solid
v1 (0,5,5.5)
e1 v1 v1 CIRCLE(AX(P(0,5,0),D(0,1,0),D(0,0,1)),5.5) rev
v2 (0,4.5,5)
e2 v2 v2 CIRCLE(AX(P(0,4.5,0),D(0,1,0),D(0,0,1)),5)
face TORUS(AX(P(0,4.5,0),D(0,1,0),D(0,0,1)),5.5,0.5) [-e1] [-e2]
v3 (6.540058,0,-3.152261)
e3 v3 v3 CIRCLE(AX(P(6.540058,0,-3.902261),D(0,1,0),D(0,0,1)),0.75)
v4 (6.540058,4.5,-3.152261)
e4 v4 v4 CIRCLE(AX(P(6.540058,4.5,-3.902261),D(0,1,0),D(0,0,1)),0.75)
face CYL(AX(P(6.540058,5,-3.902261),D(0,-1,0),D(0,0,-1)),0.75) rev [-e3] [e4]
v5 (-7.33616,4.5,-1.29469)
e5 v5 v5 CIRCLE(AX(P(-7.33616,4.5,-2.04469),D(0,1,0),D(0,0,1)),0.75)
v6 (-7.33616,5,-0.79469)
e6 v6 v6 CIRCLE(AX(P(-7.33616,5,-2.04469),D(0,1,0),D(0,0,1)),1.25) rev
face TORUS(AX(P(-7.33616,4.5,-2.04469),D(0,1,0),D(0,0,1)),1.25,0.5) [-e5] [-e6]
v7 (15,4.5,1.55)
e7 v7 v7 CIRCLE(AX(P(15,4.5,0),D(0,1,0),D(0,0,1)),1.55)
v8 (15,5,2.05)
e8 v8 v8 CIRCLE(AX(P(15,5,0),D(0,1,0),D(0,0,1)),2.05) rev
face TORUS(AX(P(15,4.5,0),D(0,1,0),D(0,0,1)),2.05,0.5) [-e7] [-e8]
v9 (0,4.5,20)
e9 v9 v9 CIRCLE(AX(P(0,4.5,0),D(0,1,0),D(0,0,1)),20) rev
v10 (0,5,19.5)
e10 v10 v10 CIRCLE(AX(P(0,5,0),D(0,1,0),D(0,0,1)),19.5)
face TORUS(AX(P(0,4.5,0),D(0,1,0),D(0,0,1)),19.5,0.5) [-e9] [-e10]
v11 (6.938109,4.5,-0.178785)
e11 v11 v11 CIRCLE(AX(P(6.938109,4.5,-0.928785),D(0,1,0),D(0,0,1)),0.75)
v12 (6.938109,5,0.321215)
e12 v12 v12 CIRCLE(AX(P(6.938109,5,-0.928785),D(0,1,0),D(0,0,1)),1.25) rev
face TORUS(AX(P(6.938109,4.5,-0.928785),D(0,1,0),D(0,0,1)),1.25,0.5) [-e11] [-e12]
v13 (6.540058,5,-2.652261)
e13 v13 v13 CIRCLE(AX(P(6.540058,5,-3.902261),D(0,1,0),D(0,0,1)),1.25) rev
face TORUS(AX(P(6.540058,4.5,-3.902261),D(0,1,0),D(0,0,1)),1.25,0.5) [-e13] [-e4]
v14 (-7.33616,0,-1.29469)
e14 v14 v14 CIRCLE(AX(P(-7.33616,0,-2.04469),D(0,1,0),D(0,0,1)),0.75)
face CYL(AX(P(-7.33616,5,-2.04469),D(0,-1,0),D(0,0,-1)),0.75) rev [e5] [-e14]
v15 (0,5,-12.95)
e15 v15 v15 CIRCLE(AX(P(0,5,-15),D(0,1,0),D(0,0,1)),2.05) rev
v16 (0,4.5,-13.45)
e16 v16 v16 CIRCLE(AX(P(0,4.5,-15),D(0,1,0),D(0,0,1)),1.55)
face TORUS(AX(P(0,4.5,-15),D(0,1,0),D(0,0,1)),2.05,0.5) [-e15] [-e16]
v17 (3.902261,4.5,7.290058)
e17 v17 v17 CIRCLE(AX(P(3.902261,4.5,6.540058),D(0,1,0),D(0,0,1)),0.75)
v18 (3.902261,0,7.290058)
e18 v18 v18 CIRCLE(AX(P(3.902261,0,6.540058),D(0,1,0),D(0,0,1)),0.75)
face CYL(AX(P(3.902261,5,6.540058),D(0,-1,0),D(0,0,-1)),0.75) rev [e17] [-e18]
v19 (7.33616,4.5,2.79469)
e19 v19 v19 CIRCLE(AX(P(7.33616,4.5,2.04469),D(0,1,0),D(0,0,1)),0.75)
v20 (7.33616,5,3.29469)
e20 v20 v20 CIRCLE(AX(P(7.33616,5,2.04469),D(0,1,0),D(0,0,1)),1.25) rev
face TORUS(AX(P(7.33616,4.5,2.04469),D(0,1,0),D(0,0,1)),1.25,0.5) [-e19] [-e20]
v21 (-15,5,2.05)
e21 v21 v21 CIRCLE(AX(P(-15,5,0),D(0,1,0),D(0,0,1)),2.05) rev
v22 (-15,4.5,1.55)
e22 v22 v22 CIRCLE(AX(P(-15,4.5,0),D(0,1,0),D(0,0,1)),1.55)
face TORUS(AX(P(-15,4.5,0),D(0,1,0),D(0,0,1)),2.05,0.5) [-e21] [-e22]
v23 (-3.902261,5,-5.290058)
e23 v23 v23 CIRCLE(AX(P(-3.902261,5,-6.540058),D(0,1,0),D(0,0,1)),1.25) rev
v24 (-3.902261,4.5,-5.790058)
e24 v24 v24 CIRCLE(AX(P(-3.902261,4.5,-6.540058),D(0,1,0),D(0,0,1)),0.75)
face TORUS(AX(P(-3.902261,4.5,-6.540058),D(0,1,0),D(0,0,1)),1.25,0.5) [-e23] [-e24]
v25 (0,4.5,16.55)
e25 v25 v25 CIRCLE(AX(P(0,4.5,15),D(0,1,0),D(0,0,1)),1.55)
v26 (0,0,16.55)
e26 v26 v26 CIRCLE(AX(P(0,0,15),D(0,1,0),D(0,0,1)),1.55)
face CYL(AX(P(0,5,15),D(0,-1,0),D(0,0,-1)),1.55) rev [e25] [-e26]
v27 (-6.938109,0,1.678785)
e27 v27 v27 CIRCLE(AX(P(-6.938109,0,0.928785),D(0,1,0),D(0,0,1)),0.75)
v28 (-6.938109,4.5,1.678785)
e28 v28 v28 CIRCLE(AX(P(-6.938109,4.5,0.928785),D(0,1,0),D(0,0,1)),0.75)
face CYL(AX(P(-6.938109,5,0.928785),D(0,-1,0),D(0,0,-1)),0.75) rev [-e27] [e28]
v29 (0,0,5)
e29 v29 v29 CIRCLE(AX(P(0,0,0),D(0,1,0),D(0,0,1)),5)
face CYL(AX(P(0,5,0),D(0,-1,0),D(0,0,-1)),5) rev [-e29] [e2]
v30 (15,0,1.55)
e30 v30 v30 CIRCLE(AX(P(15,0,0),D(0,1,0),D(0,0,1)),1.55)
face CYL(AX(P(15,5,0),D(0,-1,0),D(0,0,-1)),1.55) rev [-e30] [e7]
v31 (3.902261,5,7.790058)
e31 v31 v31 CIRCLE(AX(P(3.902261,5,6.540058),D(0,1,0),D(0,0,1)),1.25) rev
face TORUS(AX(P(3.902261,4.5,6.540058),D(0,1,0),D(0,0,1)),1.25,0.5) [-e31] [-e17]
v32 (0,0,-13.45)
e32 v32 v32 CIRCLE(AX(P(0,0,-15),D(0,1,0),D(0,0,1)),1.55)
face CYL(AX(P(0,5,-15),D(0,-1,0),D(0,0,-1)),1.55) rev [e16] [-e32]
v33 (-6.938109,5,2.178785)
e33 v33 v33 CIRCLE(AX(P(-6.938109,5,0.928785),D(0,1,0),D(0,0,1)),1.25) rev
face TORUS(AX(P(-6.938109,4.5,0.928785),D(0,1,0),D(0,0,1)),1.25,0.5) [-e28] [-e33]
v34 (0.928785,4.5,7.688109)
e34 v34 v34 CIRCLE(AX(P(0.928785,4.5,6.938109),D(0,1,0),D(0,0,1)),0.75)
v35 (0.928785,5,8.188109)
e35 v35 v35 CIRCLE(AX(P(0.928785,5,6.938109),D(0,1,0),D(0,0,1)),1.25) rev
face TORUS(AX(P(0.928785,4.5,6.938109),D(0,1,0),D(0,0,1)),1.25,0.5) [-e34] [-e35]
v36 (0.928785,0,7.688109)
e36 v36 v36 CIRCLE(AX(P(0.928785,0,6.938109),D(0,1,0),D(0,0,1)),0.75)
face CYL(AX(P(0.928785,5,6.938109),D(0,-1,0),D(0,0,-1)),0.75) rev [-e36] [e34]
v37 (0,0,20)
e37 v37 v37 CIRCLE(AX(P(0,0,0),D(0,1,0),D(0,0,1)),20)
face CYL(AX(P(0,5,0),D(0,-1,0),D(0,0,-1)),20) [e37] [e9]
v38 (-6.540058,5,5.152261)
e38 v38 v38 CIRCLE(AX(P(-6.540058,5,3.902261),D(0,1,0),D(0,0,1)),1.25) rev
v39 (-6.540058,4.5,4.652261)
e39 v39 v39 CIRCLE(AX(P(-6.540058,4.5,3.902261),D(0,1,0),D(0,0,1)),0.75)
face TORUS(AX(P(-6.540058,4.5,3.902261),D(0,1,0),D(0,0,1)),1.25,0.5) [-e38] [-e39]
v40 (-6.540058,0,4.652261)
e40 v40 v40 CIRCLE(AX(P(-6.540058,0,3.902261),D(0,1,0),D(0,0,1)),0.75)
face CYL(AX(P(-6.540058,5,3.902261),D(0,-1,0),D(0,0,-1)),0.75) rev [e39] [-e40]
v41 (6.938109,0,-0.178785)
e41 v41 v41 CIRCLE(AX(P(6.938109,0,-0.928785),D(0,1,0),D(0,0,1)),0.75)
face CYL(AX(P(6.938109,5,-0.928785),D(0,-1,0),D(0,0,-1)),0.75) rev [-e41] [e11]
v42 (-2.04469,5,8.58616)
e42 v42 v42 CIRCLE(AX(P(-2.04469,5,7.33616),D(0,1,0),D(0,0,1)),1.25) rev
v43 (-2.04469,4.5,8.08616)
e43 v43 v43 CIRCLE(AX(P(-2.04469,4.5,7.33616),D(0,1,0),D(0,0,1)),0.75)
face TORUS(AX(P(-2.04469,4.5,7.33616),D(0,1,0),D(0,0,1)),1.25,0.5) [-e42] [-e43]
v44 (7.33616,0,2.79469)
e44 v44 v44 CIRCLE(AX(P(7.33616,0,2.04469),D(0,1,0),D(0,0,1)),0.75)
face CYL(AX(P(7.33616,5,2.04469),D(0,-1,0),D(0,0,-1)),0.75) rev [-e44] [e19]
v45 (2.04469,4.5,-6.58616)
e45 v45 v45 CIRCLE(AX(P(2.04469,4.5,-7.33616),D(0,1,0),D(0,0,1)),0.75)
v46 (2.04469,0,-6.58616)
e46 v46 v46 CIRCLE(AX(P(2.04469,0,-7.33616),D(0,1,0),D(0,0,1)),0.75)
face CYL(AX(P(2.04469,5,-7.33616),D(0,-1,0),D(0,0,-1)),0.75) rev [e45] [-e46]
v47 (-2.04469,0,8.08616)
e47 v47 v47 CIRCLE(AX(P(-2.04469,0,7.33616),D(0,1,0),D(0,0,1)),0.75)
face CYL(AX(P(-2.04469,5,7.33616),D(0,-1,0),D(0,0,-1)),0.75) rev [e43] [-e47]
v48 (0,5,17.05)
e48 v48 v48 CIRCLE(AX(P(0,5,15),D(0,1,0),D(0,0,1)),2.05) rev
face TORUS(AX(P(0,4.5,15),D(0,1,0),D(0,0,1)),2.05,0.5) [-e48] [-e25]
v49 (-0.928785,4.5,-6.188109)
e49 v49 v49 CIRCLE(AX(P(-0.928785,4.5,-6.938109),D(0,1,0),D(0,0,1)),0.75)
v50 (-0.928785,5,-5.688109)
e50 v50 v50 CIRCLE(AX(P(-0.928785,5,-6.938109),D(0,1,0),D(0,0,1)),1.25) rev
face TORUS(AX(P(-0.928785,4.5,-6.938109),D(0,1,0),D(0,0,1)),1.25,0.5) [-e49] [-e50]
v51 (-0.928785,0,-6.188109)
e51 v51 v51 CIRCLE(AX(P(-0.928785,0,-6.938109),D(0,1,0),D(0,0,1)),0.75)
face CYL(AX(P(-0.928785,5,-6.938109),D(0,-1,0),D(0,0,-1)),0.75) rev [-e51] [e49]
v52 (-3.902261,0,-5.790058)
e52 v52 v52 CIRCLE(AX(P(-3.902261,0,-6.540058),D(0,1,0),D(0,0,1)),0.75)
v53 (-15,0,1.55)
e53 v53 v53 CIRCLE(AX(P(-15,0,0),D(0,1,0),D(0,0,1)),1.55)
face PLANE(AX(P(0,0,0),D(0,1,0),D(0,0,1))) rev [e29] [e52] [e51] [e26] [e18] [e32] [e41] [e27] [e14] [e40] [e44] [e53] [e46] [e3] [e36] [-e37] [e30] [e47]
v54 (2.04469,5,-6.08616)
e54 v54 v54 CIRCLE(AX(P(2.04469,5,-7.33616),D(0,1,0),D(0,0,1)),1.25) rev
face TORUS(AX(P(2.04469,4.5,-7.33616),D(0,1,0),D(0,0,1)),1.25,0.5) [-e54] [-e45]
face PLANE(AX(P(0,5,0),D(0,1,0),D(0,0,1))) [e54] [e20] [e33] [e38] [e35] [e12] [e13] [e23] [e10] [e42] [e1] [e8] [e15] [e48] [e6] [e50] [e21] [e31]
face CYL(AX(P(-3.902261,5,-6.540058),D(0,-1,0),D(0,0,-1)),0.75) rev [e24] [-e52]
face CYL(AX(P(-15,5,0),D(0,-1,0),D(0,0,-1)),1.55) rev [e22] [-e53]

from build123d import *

# Parameters (mm, degrees)
SCHIZZO1_R                    = 20
SCHIZZO1_R_2                  = 1.55
SCHIZZO1_R_3                  = 5
ESTRUSIONE_ESTRUSIONE1_DEPTH  = 5
RACCORDO1_R                   = 0.5
SCHIZZO2_R                    = 0.75
TAGLIO_ESTRUSIONE4_DEPTH      = 1
TAGLIO_ESTRUSIONE4_DEPTH_BACK = 6.0000001
RACCORDO3_R                   = 0.5


with BuildPart() as part:
    # Schizzo1 → Estrusione-Estrusione1 (new body)
    with BuildSketch(Plane(origin=(0, 0, 0), x_dir=(1, 0, 0), z_dir=(0, 1, 0))):
        Circle(SCHIZZO1_R)
        with Locations((0, 15)):
            Circle(SCHIZZO1_R_2, mode=Mode.SUBTRACT)
        with Locations((15, 0)):
            Circle(SCHIZZO1_R_2, mode=Mode.SUBTRACT)
        with Locations((0, -15)):
            Circle(SCHIZZO1_R_2, mode=Mode.SUBTRACT)
        with Locations((-15, 0)):
            Circle(SCHIZZO1_R_2, mode=Mode.SUBTRACT)
        Circle(SCHIZZO1_R_3, mode=Mode.SUBTRACT)
    extrude(amount=ESTRUSIONE_ESTRUSIONE1_DEPTH)

    # Raccordo1
    raccordo1_edges = [part.edges().sort_by_distance(p)[0] for p in [
        (-1.55, 5, 15),
        (-16.55, 5, 0),
        (-5, 5, 0),
        (-20, 5, 0),
        (-1.55, 5, -15),
        (13.45, 5, 0),
    ]]
    fillet(raccordo1_edges, radius=RACCORDO1_R)

    # Schizzo2 → Taglio-Estrusione4 (cut, two sides)
    with BuildSketch(Plane.XZ) as taglio_estrusione4_sk:
        with Locations((-7.336159988, -2.04468986)):
            Circle(SCHIZZO2_R)
        with Locations((-6.938109078, 0.928785459)):
            Circle(SCHIZZO2_R)
        with Locations((-6.540058167, 3.902260778)):
            Circle(SCHIZZO2_R)
        with Locations((-2.04468986, 7.336159988)):
            Circle(SCHIZZO2_R)
        with Locations((0.928785459, 6.938109078)):
            Circle(SCHIZZO2_R)
        with Locations((3.902260778, 6.540058167)):
            Circle(SCHIZZO2_R)
        with Locations((7.336159988, 2.04468986)):
            Circle(SCHIZZO2_R)
        with Locations((6.938109078, -0.928785459)):
            Circle(SCHIZZO2_R)
        with Locations((6.540058167, -3.902260778)):
            Circle(SCHIZZO2_R)
        with Locations((2.04468986, -7.336159988)):
            Circle(SCHIZZO2_R)
        with Locations((-0.928785459, -6.938109078)):
            Circle(SCHIZZO2_R)
        with Locations((-3.902260778, -6.540058167)):
            Circle(SCHIZZO2_R)
    extrude(amount=TAGLIO_ESTRUSIONE4_DEPTH, mode=Mode.SUBTRACT)
    extrude(taglio_estrusione4_sk.sketch, amount=-TAGLIO_ESTRUSIONE4_DEPTH_BACK, mode=Mode.SUBTRACT)

    # Raccordo3
    raccordo3_edges = [part.edges().sort_by_distance(p)[0] for p in [
        (-2.79468986, 5, 7.336159988),
        (0.178785459, 5, 6.938109078),
        (3.152260778, 5, 6.540058167),
        (6.586159988, 5, 2.04468986),
        (6.188109078, 5, -0.928785459),
        (5.790058167, 5, -3.902260778),
        (1.29468986, 5, -7.336159988),
        (-8.086159988, 5, -2.04468986),
        (-4.652260778, 5, -6.540058167),
        (-7.290058167, 5, 3.902260778),
        (-1.678785459, 5, -6.938109078),
        (-7.688109078, 5, 0.928785459),
    ]]
    fillet(raccordo3_edges, radius=RACCORDO3_R)


solid = part.part
